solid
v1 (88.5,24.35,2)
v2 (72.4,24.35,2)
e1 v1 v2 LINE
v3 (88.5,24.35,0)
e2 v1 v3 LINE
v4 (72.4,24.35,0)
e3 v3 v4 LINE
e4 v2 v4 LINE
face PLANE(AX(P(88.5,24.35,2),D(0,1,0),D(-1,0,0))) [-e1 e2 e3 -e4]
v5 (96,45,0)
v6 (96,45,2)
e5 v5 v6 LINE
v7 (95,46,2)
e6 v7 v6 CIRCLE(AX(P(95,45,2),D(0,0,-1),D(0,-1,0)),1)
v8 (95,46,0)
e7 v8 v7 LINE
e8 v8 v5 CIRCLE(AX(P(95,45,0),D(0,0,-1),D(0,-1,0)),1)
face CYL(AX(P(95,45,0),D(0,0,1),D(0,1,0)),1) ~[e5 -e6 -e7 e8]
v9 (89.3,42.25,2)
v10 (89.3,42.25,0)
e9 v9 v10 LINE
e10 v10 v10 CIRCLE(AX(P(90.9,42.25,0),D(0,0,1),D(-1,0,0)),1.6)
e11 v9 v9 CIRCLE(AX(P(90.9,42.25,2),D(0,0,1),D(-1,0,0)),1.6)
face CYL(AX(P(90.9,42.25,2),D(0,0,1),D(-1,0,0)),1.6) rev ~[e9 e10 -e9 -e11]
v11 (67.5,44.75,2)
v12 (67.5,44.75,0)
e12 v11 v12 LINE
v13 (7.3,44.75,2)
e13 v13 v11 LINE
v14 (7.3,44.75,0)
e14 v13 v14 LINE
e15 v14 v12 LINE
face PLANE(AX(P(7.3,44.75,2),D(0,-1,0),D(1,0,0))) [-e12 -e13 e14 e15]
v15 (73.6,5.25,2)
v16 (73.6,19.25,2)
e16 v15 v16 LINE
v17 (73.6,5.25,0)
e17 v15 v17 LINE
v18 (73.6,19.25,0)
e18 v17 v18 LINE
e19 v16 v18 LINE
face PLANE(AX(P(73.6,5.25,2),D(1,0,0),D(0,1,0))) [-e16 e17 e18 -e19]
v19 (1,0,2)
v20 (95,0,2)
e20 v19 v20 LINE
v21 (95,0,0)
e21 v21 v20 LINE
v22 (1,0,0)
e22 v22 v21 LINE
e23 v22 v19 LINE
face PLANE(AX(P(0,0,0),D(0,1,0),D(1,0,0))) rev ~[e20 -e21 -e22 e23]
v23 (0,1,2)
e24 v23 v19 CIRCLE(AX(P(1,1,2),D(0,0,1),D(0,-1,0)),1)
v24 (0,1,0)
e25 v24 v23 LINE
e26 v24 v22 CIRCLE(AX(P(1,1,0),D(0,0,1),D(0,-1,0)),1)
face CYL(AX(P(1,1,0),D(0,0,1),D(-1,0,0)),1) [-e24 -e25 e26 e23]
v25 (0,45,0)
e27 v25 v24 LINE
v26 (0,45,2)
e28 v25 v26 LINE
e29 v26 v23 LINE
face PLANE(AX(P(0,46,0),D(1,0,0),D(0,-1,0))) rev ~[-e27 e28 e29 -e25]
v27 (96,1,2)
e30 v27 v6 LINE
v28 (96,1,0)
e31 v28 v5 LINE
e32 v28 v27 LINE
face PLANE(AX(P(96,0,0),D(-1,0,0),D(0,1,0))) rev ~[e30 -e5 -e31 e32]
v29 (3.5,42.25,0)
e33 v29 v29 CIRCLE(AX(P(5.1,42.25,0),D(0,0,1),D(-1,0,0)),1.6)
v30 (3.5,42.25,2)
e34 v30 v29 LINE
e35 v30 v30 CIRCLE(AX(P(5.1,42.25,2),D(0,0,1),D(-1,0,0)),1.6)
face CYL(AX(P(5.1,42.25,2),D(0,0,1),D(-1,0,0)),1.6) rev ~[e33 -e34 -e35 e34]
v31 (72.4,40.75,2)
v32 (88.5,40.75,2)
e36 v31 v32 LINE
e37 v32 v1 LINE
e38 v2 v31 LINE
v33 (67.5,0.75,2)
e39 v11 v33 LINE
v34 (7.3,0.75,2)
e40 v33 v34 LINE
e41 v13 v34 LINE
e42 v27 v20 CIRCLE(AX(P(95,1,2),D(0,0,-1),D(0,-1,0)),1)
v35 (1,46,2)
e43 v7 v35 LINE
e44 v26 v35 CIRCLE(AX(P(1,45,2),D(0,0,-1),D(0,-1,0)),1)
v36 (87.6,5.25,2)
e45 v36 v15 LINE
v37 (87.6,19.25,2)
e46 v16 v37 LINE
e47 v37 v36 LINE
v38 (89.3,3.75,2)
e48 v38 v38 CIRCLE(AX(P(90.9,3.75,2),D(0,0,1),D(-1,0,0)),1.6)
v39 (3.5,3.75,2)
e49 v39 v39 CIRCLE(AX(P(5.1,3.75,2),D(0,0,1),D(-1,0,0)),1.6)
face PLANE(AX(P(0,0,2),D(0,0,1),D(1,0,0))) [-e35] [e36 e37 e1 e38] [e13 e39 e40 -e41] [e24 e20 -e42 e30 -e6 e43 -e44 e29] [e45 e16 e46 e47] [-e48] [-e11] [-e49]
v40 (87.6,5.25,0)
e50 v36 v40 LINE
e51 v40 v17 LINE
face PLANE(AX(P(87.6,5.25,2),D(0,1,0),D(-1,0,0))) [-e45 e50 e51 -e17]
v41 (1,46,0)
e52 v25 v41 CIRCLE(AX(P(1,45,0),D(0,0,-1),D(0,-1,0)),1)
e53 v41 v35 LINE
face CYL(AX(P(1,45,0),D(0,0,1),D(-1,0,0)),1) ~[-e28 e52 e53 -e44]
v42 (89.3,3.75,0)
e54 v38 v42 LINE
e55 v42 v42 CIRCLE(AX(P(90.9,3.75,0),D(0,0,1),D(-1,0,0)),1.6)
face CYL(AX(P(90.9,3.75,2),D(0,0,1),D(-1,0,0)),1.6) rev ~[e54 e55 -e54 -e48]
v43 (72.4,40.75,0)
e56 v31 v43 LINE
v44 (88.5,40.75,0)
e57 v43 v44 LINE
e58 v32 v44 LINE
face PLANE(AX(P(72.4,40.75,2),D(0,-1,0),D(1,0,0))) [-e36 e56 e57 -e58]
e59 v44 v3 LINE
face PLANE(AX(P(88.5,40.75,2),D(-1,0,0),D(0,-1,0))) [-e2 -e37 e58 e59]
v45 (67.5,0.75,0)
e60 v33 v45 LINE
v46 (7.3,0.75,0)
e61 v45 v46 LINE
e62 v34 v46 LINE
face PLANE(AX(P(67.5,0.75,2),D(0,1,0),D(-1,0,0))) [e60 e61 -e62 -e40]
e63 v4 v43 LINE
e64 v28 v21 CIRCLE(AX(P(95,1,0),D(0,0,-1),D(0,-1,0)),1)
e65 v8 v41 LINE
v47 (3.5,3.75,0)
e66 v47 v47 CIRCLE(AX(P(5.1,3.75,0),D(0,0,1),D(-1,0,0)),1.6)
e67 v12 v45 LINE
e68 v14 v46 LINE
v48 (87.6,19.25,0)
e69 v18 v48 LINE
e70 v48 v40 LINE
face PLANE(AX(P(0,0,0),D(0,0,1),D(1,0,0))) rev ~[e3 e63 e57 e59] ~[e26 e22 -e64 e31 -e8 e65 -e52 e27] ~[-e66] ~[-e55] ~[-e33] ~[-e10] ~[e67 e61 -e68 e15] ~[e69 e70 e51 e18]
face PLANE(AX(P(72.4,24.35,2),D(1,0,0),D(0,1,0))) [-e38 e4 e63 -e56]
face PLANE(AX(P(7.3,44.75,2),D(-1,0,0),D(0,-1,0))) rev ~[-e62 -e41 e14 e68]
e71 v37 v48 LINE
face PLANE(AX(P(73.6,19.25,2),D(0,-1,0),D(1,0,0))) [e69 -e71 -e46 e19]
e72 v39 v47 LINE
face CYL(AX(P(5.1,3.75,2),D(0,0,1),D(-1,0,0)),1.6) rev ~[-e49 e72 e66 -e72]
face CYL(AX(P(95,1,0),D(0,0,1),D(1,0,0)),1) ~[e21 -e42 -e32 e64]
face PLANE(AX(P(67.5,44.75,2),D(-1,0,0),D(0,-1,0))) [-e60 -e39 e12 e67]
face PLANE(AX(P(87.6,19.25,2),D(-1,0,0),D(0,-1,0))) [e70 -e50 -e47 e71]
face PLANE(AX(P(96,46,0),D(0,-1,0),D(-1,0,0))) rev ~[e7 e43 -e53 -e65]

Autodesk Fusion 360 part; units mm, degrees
sketch "Sketch1" plane through (0, 0, 0) normal (0, 0, 1) x (1, 0, 0)
  line L0 (0, 0) -> (96, 0)
  line L1 (96, 0) -> (96, 46)
  line L2 (96, 46) -> (0, 46)
  line L3 (0, 46) -> (0, 0)
  dimension "d1" = 96
  dimension "d2" = 46
extrude "Extrude1" add sketch "Sketch1" along normal blind 2
fillet "Fillet1" radius 1 4 edges at (96, 0, 1) (96, 46, 1) (0, 46, 1) (0, 0, 1)
sketch "Sketch2" plane through (0, 0, 2) normal (0, 0, 1) x (-1, 0, 0)
  arc A0 (0, -1) -> (-1, 0) centre (-1, -1) ccw
  line L0 (-1, 0) -> (-95, 0)
  arc A1 (-95, 0) -> (-96, -1) centre (-95, -1) ccw
  line L1 (-96, -1) -> (-96, -45)
  arc A2 (-96, -45) -> (-95, -46) centre (-95, -45) ccw
  line L2 (-95, -46) -> (-1, -46)
  arc A3 (-1, -46) -> (0, -45) centre (-1, -45) ccw
  line L3 (0, -45) -> (0, -1)
  circle A4 centre (-5.1, -42.25) radius 1.6
  circle A5 centre (-90.9, -42.25) radius 1.6
  circle A6 centre (-90.9, -3.75) radius 1.6
  circle A7 centre (-5.1, -3.75) radius 1.6
  dimension "d7" = 3.2
  dimension "d8" = 3.75
  dimension "d9" = 5.1
  dimension "d10" = 3.2
  dimension "d11" = 3.2
  dimension "d12" = 3.2
  dimension "d13" = 3.75
  dimension "d14" = 5.1
  dimension "d15" = 3.75
  dimension "d16" = 5.1
  dimension "d17" = 5.1
  dimension "d18" = 3.75
extrude "Extrude2" cut sketch "Sketch2" against normal blind 2 contours A4 | A5 | A6 | A7
sketch "Sketch3" plane through (0, 0, 2) normal (0, 0, 1) x (-1, 0, 0)
  circle A0 centre (-90.9, -3.75) radius 1.6
  circle A1 centre (-5.1, -3.75) radius 1.6
  circle A2 centre (-90.9, -42.25) radius 1.6
  circle A3 centre (-5.1, -42.25) radius 1.6
  arc A4 (0, -1) -> (-1, 0) centre (-1, -1) ccw
  line L0 (-1, 0) -> (-95, 0)
  arc A5 (-95, 0) -> (-96, -1) centre (-95, -1) ccw
  line L1 (-96, -1) -> (-96, -45)
  arc A6 (-96, -45) -> (-95, -46) centre (-95, -45) ccw
  line L2 (-95, -46) -> (-1, -46)
  arc A7 (-1, -46) -> (0, -45) centre (-1, -45) ccw
  line L3 (0, -45) -> (0, -1)
  line L4 (-2.5, -46) -> (-2.5, 0) construction
  line L5 (-7.3, -46) -> (-7.3, 0)
  line L6 (-93.5, -46) -> (-93.5, 0)
  line L7 (-88.5, -46) -> (-88.5, 0)
  line L8 (-7.3, -44.75) -> (-67.5, -44.75)
  line L9 (-67.5, -44.75) -> (-67.5, -0.75)
  line L10 (-67.5, -0.75) -> (-7.3, -0.75)
  line L11 (-7.3, -0.75) -> (-7.3, -44.75)
  line L12 (0, -23) -> (-96, -23) construction
  dimension "d21" = 2.6
  dimension "d22" = 4.8
  dimension "d23" = 2.6
  dimension "d24" = 5
  dimension "d26" = 44
  dimension "d27" = 44
  dimension "d29" = 21.75
  dimension "d30" = 22
  dimension "d31" = 4.8
  dimension "d32" = 21
  dimension "d34" = 60.2
extrude "Extrude3" cut sketch "Sketch3" against normal blind 2 contours L5 L8 L9 L10 L11
sketch "Sketch4" plane through (0, 0, 2) normal (0, 0, 1) x (-1, 0, 0)
  line L0 (-67.5, -44.75) -> (-67.5, -0.75)
  line L1 (-67.5, -0.75) -> (-7.3, -0.75)
  line L2 (-7.3, -0.75) -> (-7.3, -44.75)
  line L3 (-7.3, -44.75) -> (-67.5, -44.75)
  circle A0 centre (-90.9, -3.75) radius 1.6
  circle A1 centre (-5.1, -3.75) radius 1.6
  circle A2 centre (-90.9, -42.25) radius 1.6
  circle A3 centre (-5.1, -42.25) radius 1.6
  arc A4 (0, -1) -> (-1, 0) centre (-1, -1) ccw
  line L4 (-1, 0) -> (-95, 0)
  arc A5 (-95, 0) -> (-96, -1) centre (-95, -1) ccw
  line L5 (-96, -1) -> (-96, -45)
  arc A6 (-96, -45) -> (-95, -46) centre (-95, -45) ccw
  line L6 (-95, -46) -> (-1, -46)
  arc A7 (-1, -46) -> (0, -45) centre (-1, -45) ccw
  line L7 (0, -45) -> (0, -1)
  line L8 (-93.5, -46) -> (-93.5, 0)
  line L9 (-88.5, -46) -> (-88.5, 0)
  line L10 (-73.4, -39.75) -> (-87.8, -39.75)
  line L11 (-87.8, -39.75) -> (-87.8, -25.35)
  line L12 (-87.8, -25.35) -> (-73.4, -25.35)
  line L13 (-73.4, -25.35) -> (-73.4, -39.75)
  line L14 (-74.6, -18.25) -> (-86.6, -18.25)
  line L15 (-86.6, -18.25) -> (-86.6, -6.25)
  line L16 (-86.6, -6.25) -> (-74.6, -6.25)
  line L17 (-74.6, -6.25) -> (-74.6, -18.25)
  line L18 (-72.4, -40.75) -> (-88.8, -40.75)
  line L19 (-88.8, -40.75) -> (-88.8, -24.35)
  line L20 (-88.8, -24.35) -> (-72.4, -24.35)
  line L21 (-72.4, -24.35) -> (-72.4, -40.75)
  line L22 (-73.6, -5.25) -> (-73.6, -19.25)
  line L23 (-73.6, -19.25) -> (-87.6, -19.25)
  line L24 (-87.6, -19.25) -> (-87.6, -5.25)
  line L25 (-87.6, -5.25) -> (-73.6, -5.25)
  dimension "d38" = 2.6
  dimension "d39" = 5
  dimension "d40" = 14.4
  dimension "d41" = 14.4
  dimension "d42" = 5.7
  dimension "d44" = 12
  dimension "d45" = 12
  dimension "d46" = 6.9
  dimension "d47" = 7.1
  dimension "d48" = -1
  dimension "d49" = -1
  dimension "d50" = 5
extrude "Extrude4" cut sketch "Sketch4" against normal blind 2 contours L9 L18 L20 L21 | L10 L11 L12 L13 | L14 L15 L16 L17 | L22 L23 L24 L25
sketch "Sketch5" plane through (0, 0, 2) normal (0, 0, 1) x (-1, 0, 0)
  line L0 (-88.5, -40.75) -> (-88.5, -24.35)
  line L1 (-88.5, -24.35) -> (-72.4, -24.35)
  line L2 (-72.4, -24.35) -> (-72.4, -40.75)
  line L3 (-72.4, -40.75) -> (-88.5, -40.75)
  line L4 (-73.6, -19.25) -> (-87.6, -19.25)
  line L5 (-87.6, -19.25) -> (-87.6, -5.25)
  line L6 (-87.6, -5.25) -> (-73.6, -5.25)
  line L7 (-73.6, -5.25) -> (-73.6, -19.25)
  line L8 (-67.5, -44.75) -> (-67.5, -0.75)
  line L9 (-67.5, -0.75) -> (-7.3, -0.75)
  line L10 (-7.3, -0.75) -> (-7.3, -44.75)
  line L11 (-7.3, -44.75) -> (-67.5, -44.75)
  circle A0 centre (-90.9, -3.75) radius 1.6
  circle A1 centre (-5.1, -3.75) radius 1.6
  circle A2 centre (-90.9, -42.25) radius 1.6
  circle A3 centre (-5.1, -42.25) radius 1.6
  arc A4 (0, -1) -> (-1, 0) centre (-1, -1) ccw
  line L12 (-1, 0) -> (-95, 0)
  arc A5 (-95, 0) -> (-96, -1) centre (-95, -1) ccw
  line L13 (-96, -1) -> (-96, -45)
  arc A6 (-96, -45) -> (-95, -46) centre (-95, -45) ccw
  line L14 (-95, -46) -> (-1, -46)
  arc A7 (-1, -46) -> (0, -45) centre (-1, -45) ccw
  line L15 (0, -45) -> (0, -1)
  dimension "d53" = 3.75
  dimension "d54" = 3.75
  dimension "d55" = 3.75
equation "d21 = 1 mm + ( ( 3.2 / 2 ) * 1 mm )"
equation "d29 = ( 43.5 / 2 ) * 1 mm"
equation "d38 = ( 3.2 / 2 ) * 1 mm + 1 mm"
